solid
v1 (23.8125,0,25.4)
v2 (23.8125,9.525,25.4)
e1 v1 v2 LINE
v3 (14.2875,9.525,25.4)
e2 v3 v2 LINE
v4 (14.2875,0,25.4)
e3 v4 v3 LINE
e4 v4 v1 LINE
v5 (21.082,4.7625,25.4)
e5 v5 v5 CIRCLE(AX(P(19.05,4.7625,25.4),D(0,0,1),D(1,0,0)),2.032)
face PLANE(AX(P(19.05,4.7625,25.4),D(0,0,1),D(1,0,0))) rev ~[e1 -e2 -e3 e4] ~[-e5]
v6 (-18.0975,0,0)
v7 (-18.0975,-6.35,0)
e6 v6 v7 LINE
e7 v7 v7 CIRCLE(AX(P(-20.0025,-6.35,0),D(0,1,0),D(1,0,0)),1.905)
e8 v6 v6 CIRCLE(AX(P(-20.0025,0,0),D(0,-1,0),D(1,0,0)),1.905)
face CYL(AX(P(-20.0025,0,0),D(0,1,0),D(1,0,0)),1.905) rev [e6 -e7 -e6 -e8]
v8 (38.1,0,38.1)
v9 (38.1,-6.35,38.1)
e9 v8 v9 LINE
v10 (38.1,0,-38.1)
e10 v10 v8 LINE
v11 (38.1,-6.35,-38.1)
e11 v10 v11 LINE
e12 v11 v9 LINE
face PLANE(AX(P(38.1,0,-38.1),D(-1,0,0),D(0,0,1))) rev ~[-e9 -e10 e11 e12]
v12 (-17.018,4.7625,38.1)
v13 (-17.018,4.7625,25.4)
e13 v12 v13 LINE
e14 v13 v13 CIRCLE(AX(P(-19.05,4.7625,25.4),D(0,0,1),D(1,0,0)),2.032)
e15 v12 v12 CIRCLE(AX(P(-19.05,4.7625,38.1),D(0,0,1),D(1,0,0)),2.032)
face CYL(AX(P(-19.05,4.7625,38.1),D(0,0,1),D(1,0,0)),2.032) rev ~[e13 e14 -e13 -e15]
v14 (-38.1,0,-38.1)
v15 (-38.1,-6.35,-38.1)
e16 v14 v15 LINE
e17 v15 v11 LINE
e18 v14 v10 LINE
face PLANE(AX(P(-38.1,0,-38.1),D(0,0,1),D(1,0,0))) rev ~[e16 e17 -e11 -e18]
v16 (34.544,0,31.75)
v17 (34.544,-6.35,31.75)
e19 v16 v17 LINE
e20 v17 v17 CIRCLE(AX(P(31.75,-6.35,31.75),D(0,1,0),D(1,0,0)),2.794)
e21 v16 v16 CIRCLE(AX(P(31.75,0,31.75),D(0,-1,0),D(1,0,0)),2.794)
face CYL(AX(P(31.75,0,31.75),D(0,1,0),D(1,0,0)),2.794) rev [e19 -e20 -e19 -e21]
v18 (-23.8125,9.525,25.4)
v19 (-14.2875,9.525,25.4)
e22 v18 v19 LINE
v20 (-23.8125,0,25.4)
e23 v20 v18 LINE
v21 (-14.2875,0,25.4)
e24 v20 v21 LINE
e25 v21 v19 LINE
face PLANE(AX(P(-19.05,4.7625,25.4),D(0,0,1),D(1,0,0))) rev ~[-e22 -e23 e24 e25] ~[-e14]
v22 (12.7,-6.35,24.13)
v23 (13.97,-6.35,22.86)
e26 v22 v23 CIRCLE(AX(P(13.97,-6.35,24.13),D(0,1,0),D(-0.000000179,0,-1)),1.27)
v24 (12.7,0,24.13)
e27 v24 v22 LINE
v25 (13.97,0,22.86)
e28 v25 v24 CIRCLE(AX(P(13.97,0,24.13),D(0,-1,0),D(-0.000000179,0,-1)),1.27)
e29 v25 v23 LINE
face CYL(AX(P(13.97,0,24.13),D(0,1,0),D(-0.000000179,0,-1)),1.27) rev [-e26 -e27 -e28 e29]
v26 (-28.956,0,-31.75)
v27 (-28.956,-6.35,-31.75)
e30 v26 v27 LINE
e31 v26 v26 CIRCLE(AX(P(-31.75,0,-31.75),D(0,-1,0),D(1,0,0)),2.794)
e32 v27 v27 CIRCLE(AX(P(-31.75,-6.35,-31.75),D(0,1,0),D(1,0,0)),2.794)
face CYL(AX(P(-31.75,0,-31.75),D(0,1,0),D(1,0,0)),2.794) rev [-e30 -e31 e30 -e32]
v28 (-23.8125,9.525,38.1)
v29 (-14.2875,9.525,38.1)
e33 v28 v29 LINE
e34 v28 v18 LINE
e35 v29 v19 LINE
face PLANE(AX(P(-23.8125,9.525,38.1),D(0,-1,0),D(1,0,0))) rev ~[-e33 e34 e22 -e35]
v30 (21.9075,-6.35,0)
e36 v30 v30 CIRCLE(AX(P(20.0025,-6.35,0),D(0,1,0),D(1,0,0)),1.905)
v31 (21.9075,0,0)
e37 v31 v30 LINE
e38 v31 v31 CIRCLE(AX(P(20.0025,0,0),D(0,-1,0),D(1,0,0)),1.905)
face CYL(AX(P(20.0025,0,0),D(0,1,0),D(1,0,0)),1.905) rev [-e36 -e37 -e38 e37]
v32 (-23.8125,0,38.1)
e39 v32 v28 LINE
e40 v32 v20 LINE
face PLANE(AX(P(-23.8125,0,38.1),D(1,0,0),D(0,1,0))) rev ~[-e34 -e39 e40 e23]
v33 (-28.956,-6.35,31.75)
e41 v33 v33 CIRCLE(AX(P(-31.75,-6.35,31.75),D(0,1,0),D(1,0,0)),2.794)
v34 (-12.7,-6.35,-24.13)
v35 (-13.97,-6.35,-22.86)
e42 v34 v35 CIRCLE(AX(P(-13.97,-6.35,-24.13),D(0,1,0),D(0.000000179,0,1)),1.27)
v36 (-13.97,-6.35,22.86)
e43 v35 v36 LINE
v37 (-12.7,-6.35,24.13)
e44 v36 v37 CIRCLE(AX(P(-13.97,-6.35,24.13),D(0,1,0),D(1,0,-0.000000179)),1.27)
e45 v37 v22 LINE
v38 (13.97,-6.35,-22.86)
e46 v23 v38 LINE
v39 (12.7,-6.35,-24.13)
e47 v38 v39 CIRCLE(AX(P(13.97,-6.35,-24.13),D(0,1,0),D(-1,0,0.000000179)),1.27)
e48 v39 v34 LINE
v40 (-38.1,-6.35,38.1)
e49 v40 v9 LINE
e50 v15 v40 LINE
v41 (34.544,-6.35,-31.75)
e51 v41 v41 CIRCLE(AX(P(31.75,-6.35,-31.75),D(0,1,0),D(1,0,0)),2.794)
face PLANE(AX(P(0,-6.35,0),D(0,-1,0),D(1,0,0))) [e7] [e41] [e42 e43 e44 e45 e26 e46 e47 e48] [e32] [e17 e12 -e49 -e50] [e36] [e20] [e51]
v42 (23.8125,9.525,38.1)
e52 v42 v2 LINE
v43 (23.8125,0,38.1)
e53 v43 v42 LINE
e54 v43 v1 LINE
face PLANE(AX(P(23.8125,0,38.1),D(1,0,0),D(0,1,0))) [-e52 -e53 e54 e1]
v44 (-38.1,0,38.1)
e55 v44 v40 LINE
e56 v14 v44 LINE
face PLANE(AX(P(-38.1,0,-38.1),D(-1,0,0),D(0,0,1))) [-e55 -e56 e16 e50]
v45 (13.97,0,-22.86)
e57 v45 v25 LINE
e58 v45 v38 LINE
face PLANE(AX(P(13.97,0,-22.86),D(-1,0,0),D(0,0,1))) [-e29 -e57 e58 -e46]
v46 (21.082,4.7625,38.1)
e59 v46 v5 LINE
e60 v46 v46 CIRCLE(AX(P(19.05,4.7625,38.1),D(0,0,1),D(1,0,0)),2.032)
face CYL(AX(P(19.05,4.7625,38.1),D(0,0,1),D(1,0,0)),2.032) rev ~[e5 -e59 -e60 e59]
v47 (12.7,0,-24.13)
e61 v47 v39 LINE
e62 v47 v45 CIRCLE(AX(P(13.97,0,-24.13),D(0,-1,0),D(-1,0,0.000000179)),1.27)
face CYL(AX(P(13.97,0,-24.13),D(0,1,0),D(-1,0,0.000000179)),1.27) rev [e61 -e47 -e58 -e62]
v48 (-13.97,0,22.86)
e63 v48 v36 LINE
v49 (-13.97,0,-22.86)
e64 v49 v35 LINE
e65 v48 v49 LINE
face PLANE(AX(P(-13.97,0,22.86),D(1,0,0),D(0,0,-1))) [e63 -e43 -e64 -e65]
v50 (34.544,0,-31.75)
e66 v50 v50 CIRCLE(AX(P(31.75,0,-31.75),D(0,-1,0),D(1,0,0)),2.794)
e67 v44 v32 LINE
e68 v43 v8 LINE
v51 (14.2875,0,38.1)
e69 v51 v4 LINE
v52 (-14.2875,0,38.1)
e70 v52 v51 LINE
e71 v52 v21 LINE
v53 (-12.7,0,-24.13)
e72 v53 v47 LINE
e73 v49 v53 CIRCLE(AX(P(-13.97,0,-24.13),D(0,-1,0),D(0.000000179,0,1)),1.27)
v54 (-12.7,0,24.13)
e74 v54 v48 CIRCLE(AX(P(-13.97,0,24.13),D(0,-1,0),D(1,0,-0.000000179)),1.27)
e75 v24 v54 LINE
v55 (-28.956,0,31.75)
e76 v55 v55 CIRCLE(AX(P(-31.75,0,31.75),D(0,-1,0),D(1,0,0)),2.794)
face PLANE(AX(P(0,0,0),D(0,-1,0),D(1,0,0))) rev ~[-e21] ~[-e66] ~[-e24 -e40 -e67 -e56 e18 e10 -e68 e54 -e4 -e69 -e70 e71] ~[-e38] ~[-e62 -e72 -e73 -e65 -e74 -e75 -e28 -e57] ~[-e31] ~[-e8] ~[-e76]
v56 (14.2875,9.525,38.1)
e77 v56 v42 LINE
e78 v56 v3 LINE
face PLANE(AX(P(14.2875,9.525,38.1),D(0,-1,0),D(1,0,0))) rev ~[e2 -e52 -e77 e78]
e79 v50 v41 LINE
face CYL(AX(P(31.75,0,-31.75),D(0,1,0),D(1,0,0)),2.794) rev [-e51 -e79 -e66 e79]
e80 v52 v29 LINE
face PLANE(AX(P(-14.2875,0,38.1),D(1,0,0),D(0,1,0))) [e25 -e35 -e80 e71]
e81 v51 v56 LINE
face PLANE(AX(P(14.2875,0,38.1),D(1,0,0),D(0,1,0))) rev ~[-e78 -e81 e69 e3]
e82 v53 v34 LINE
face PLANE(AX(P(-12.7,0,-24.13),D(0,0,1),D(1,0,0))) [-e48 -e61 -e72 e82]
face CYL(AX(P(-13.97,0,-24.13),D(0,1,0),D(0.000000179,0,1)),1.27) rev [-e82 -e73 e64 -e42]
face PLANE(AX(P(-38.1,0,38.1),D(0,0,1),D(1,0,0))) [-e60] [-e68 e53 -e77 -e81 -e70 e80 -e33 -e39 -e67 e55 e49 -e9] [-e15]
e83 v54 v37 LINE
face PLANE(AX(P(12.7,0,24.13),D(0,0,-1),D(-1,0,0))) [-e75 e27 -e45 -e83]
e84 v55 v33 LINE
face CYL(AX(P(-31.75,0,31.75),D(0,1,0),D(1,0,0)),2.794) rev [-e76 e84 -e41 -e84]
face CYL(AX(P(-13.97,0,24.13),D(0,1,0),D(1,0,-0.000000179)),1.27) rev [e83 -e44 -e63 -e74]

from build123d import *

# Parameters (mm, degrees)
F0_W     = 76.2
F0_H     = 76.2
F3_DEPTH = 6.35
F4_DEPTH = 6.351
F2_R     = 2.794
F5_DEPTH = 6.351
F6_W     = 9.525
F6_H     = 9.525
F6_R     = 2.032
F7_DEPTH = 12.7
F8_R     = 1.905
F9_DEPTH = 6.351


with BuildPart() as f3:
    # F0 (on Front) → F3 (new body)
    with BuildSketch(Plane.XZ):
        Rectangle(F0_W, F0_H)
    extrude(amount=F3_DEPTH)

    # F1 (on Front) → F4 (cut, through all)
    with BuildSketch(Plane.XZ):
        with BuildLine():
            Line((12.7, 24.13), (-12.7, 24.13))
            ThreePointArc((-12.7, 24.13), (-14.868026, 25.028026), (-13.97, 22.86))
            Line((-13.97, 22.86), (-13.97, -22.86))
            ThreePointArc((-13.97, -22.86), (-14.868026, -25.028026), (-12.7, -24.13))
            Line((-12.7, -24.13), (12.7, -24.13))
            ThreePointArc((12.7, -24.13), (14.868026, -25.028026), (13.97, -22.86))
            Line((13.97, -22.86), (13.97, 22.86))
            ThreePointArc((13.97, 22.86), (14.868026, 25.028026), (12.7, 24.13))
        make_face()
    extrude(amount=F4_DEPTH, mode=Mode.SUBTRACT)

    # F2 (on Front) → F5 (cut, through all)
    with BuildSketch(Plane.XZ):
        with Locations((-31.75, 31.75)):
            Circle(F2_R)
        with Locations((-31.75, -31.75)):
            Circle(F2_R)
        with Locations((31.75, -31.75)):
            Circle(F2_R)
        with Locations((31.75, 31.75)):
            Circle(F2_R)
    extrude(amount=F5_DEPTH, mode=Mode.SUBTRACT)

    # F6 (on face) → F7 (join)
    with BuildSketch(Plane.XY.offset(38.1)):
        with Locations((-19.05, 4.7625)):
            Rectangle(F6_W, F6_H)
        with Locations((-19.05, 4.7625)):
            Circle(F6_R, mode=Mode.SUBTRACT)
        with Locations((19.05, 4.7625)):
            Rectangle(F6_W, F6_H)
        with Locations((19.05, 4.7625)):
            Circle(F6_R, mode=Mode.SUBTRACT)
    extrude(amount=-F7_DEPTH)

    # F8 (on Front) → F9 (cut, through all)
    with BuildSketch(Plane.XZ):
        with Locations((-20.0025, 0)):
            Circle(F8_R)
        with Locations((20.0025, 0)):
            Circle(F8_R)
    extrude(amount=F9_DEPTH, mode=Mode.SUBTRACT)


solid = f3.part
